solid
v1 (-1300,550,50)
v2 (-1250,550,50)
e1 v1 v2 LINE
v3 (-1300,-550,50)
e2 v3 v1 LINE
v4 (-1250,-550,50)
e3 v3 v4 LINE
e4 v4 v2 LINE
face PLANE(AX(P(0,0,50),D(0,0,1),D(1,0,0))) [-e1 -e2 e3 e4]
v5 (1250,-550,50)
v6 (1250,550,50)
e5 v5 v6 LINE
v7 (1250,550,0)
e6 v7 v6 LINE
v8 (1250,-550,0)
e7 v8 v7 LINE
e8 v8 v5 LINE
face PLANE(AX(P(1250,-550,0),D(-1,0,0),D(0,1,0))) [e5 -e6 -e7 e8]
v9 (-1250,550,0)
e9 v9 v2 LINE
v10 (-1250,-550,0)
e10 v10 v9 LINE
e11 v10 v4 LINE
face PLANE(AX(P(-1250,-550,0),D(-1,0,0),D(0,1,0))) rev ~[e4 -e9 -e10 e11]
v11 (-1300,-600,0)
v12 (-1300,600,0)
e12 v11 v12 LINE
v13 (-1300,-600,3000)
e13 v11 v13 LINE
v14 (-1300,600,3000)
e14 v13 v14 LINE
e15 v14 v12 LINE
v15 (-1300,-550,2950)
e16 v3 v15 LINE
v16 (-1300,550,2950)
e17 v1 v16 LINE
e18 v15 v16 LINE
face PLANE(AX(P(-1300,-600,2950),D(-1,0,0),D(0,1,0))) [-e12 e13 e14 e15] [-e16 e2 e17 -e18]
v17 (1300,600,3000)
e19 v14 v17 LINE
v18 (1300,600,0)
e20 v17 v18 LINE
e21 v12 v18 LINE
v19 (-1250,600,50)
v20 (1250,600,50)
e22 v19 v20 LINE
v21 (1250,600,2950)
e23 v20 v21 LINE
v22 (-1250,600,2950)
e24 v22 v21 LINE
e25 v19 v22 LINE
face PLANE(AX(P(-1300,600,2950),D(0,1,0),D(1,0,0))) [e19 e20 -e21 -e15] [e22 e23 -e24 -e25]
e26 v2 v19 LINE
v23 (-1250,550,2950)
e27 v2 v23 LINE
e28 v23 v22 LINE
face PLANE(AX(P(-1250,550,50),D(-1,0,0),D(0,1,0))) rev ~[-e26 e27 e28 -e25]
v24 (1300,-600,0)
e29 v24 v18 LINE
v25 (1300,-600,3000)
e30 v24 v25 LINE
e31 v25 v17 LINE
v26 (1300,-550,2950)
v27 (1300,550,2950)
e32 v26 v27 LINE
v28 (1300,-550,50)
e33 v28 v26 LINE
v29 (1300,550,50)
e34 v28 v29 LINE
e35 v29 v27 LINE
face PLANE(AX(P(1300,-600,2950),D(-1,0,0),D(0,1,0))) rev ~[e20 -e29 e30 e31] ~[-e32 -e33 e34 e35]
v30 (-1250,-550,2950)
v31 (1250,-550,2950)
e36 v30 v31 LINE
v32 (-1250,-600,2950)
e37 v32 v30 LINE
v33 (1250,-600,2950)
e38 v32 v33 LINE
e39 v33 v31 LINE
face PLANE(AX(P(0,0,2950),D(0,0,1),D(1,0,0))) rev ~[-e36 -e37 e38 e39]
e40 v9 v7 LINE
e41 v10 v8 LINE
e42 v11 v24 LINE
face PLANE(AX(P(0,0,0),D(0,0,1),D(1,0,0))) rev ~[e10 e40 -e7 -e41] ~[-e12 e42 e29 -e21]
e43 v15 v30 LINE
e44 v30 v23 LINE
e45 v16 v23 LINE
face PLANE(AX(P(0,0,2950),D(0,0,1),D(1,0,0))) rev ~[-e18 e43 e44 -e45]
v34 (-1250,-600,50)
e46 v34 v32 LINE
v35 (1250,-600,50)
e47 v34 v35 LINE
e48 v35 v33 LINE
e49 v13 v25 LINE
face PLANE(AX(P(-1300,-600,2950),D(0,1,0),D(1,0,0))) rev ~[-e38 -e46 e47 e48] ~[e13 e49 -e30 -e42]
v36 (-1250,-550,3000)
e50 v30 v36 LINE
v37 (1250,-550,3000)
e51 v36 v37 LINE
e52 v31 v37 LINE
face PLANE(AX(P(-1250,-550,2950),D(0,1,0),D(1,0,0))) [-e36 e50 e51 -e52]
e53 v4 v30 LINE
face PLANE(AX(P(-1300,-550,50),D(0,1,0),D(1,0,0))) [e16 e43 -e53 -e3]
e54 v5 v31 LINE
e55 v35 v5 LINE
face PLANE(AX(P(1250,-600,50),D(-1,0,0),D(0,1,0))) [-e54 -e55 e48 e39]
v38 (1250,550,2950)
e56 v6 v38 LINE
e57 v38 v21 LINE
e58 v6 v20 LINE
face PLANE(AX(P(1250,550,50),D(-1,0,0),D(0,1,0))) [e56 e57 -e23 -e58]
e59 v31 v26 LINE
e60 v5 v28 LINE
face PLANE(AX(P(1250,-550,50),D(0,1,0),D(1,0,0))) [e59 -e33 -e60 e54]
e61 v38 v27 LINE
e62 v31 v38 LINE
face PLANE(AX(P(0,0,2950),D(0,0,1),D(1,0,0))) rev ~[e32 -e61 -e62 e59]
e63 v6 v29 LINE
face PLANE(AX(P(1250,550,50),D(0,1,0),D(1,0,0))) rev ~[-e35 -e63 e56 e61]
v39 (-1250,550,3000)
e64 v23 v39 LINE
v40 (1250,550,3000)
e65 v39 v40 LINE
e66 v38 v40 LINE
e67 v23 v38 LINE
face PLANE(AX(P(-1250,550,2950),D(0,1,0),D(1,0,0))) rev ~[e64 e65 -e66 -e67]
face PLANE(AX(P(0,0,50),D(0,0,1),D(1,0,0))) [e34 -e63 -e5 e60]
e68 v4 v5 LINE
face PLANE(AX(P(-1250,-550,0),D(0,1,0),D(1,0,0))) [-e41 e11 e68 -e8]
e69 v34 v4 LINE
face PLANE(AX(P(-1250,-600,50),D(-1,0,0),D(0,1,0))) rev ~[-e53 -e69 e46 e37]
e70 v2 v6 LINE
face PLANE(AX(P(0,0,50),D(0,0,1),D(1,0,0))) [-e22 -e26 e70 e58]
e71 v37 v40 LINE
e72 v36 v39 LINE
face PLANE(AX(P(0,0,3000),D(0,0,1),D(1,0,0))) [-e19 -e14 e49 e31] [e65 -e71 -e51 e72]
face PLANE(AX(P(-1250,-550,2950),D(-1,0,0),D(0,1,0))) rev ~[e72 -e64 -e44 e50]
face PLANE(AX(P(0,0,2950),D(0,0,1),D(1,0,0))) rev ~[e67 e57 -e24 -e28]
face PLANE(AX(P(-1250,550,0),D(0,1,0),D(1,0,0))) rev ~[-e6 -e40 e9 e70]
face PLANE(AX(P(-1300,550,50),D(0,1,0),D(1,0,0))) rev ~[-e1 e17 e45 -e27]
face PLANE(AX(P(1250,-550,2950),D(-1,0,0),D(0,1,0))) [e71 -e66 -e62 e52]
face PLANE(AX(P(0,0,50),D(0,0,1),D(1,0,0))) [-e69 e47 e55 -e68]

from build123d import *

# Parameters (mm, degrees)
F0_W     = 2600
F0_H     = 1200
F0_W_2   = 2500
F0_H_2   = 1100
F1_DEPTH = 50
F2_W     = 50
F2_H     = 50
F3_DEPTH = 2900
F4_W     = 2600
F4_H     = 1200
F4_W_2   = 2500
F4_H_2   = 1100
F5_DEPTH = 50


with BuildPart() as f1:
    # F0 (on Top) → F1 (new body)
    with BuildSketch(Plane.XY):
        Rectangle(F0_W, F0_H)
        Rectangle(F0_W_2, F0_H_2, mode=Mode.SUBTRACT)
    extrude(amount=F1_DEPTH)

    # F2 (on face) → F3 (join)
    with BuildSketch(Plane.XY.offset(50)):
        with Locations((-1275, 575)):
            Rectangle(F2_W, F2_H)
        with Locations((1275, 575)):
            Rectangle(F2_W, F2_H)
        with Locations((1275, -575)):
            Rectangle(F2_W, F2_H)
        with Locations((-1275, -575)):
            Rectangle(F2_W, F2_H)
    extrude(amount=F3_DEPTH)

    # F4 (on face) → F5 (join)
    with BuildSketch(Plane.XY.offset(2950)):
        Rectangle(F4_W, F4_H)
        Rectangle(F4_W_2, F4_H_2, mode=Mode.SUBTRACT)
    extrude(amount=F5_DEPTH)


solid = f1.part
